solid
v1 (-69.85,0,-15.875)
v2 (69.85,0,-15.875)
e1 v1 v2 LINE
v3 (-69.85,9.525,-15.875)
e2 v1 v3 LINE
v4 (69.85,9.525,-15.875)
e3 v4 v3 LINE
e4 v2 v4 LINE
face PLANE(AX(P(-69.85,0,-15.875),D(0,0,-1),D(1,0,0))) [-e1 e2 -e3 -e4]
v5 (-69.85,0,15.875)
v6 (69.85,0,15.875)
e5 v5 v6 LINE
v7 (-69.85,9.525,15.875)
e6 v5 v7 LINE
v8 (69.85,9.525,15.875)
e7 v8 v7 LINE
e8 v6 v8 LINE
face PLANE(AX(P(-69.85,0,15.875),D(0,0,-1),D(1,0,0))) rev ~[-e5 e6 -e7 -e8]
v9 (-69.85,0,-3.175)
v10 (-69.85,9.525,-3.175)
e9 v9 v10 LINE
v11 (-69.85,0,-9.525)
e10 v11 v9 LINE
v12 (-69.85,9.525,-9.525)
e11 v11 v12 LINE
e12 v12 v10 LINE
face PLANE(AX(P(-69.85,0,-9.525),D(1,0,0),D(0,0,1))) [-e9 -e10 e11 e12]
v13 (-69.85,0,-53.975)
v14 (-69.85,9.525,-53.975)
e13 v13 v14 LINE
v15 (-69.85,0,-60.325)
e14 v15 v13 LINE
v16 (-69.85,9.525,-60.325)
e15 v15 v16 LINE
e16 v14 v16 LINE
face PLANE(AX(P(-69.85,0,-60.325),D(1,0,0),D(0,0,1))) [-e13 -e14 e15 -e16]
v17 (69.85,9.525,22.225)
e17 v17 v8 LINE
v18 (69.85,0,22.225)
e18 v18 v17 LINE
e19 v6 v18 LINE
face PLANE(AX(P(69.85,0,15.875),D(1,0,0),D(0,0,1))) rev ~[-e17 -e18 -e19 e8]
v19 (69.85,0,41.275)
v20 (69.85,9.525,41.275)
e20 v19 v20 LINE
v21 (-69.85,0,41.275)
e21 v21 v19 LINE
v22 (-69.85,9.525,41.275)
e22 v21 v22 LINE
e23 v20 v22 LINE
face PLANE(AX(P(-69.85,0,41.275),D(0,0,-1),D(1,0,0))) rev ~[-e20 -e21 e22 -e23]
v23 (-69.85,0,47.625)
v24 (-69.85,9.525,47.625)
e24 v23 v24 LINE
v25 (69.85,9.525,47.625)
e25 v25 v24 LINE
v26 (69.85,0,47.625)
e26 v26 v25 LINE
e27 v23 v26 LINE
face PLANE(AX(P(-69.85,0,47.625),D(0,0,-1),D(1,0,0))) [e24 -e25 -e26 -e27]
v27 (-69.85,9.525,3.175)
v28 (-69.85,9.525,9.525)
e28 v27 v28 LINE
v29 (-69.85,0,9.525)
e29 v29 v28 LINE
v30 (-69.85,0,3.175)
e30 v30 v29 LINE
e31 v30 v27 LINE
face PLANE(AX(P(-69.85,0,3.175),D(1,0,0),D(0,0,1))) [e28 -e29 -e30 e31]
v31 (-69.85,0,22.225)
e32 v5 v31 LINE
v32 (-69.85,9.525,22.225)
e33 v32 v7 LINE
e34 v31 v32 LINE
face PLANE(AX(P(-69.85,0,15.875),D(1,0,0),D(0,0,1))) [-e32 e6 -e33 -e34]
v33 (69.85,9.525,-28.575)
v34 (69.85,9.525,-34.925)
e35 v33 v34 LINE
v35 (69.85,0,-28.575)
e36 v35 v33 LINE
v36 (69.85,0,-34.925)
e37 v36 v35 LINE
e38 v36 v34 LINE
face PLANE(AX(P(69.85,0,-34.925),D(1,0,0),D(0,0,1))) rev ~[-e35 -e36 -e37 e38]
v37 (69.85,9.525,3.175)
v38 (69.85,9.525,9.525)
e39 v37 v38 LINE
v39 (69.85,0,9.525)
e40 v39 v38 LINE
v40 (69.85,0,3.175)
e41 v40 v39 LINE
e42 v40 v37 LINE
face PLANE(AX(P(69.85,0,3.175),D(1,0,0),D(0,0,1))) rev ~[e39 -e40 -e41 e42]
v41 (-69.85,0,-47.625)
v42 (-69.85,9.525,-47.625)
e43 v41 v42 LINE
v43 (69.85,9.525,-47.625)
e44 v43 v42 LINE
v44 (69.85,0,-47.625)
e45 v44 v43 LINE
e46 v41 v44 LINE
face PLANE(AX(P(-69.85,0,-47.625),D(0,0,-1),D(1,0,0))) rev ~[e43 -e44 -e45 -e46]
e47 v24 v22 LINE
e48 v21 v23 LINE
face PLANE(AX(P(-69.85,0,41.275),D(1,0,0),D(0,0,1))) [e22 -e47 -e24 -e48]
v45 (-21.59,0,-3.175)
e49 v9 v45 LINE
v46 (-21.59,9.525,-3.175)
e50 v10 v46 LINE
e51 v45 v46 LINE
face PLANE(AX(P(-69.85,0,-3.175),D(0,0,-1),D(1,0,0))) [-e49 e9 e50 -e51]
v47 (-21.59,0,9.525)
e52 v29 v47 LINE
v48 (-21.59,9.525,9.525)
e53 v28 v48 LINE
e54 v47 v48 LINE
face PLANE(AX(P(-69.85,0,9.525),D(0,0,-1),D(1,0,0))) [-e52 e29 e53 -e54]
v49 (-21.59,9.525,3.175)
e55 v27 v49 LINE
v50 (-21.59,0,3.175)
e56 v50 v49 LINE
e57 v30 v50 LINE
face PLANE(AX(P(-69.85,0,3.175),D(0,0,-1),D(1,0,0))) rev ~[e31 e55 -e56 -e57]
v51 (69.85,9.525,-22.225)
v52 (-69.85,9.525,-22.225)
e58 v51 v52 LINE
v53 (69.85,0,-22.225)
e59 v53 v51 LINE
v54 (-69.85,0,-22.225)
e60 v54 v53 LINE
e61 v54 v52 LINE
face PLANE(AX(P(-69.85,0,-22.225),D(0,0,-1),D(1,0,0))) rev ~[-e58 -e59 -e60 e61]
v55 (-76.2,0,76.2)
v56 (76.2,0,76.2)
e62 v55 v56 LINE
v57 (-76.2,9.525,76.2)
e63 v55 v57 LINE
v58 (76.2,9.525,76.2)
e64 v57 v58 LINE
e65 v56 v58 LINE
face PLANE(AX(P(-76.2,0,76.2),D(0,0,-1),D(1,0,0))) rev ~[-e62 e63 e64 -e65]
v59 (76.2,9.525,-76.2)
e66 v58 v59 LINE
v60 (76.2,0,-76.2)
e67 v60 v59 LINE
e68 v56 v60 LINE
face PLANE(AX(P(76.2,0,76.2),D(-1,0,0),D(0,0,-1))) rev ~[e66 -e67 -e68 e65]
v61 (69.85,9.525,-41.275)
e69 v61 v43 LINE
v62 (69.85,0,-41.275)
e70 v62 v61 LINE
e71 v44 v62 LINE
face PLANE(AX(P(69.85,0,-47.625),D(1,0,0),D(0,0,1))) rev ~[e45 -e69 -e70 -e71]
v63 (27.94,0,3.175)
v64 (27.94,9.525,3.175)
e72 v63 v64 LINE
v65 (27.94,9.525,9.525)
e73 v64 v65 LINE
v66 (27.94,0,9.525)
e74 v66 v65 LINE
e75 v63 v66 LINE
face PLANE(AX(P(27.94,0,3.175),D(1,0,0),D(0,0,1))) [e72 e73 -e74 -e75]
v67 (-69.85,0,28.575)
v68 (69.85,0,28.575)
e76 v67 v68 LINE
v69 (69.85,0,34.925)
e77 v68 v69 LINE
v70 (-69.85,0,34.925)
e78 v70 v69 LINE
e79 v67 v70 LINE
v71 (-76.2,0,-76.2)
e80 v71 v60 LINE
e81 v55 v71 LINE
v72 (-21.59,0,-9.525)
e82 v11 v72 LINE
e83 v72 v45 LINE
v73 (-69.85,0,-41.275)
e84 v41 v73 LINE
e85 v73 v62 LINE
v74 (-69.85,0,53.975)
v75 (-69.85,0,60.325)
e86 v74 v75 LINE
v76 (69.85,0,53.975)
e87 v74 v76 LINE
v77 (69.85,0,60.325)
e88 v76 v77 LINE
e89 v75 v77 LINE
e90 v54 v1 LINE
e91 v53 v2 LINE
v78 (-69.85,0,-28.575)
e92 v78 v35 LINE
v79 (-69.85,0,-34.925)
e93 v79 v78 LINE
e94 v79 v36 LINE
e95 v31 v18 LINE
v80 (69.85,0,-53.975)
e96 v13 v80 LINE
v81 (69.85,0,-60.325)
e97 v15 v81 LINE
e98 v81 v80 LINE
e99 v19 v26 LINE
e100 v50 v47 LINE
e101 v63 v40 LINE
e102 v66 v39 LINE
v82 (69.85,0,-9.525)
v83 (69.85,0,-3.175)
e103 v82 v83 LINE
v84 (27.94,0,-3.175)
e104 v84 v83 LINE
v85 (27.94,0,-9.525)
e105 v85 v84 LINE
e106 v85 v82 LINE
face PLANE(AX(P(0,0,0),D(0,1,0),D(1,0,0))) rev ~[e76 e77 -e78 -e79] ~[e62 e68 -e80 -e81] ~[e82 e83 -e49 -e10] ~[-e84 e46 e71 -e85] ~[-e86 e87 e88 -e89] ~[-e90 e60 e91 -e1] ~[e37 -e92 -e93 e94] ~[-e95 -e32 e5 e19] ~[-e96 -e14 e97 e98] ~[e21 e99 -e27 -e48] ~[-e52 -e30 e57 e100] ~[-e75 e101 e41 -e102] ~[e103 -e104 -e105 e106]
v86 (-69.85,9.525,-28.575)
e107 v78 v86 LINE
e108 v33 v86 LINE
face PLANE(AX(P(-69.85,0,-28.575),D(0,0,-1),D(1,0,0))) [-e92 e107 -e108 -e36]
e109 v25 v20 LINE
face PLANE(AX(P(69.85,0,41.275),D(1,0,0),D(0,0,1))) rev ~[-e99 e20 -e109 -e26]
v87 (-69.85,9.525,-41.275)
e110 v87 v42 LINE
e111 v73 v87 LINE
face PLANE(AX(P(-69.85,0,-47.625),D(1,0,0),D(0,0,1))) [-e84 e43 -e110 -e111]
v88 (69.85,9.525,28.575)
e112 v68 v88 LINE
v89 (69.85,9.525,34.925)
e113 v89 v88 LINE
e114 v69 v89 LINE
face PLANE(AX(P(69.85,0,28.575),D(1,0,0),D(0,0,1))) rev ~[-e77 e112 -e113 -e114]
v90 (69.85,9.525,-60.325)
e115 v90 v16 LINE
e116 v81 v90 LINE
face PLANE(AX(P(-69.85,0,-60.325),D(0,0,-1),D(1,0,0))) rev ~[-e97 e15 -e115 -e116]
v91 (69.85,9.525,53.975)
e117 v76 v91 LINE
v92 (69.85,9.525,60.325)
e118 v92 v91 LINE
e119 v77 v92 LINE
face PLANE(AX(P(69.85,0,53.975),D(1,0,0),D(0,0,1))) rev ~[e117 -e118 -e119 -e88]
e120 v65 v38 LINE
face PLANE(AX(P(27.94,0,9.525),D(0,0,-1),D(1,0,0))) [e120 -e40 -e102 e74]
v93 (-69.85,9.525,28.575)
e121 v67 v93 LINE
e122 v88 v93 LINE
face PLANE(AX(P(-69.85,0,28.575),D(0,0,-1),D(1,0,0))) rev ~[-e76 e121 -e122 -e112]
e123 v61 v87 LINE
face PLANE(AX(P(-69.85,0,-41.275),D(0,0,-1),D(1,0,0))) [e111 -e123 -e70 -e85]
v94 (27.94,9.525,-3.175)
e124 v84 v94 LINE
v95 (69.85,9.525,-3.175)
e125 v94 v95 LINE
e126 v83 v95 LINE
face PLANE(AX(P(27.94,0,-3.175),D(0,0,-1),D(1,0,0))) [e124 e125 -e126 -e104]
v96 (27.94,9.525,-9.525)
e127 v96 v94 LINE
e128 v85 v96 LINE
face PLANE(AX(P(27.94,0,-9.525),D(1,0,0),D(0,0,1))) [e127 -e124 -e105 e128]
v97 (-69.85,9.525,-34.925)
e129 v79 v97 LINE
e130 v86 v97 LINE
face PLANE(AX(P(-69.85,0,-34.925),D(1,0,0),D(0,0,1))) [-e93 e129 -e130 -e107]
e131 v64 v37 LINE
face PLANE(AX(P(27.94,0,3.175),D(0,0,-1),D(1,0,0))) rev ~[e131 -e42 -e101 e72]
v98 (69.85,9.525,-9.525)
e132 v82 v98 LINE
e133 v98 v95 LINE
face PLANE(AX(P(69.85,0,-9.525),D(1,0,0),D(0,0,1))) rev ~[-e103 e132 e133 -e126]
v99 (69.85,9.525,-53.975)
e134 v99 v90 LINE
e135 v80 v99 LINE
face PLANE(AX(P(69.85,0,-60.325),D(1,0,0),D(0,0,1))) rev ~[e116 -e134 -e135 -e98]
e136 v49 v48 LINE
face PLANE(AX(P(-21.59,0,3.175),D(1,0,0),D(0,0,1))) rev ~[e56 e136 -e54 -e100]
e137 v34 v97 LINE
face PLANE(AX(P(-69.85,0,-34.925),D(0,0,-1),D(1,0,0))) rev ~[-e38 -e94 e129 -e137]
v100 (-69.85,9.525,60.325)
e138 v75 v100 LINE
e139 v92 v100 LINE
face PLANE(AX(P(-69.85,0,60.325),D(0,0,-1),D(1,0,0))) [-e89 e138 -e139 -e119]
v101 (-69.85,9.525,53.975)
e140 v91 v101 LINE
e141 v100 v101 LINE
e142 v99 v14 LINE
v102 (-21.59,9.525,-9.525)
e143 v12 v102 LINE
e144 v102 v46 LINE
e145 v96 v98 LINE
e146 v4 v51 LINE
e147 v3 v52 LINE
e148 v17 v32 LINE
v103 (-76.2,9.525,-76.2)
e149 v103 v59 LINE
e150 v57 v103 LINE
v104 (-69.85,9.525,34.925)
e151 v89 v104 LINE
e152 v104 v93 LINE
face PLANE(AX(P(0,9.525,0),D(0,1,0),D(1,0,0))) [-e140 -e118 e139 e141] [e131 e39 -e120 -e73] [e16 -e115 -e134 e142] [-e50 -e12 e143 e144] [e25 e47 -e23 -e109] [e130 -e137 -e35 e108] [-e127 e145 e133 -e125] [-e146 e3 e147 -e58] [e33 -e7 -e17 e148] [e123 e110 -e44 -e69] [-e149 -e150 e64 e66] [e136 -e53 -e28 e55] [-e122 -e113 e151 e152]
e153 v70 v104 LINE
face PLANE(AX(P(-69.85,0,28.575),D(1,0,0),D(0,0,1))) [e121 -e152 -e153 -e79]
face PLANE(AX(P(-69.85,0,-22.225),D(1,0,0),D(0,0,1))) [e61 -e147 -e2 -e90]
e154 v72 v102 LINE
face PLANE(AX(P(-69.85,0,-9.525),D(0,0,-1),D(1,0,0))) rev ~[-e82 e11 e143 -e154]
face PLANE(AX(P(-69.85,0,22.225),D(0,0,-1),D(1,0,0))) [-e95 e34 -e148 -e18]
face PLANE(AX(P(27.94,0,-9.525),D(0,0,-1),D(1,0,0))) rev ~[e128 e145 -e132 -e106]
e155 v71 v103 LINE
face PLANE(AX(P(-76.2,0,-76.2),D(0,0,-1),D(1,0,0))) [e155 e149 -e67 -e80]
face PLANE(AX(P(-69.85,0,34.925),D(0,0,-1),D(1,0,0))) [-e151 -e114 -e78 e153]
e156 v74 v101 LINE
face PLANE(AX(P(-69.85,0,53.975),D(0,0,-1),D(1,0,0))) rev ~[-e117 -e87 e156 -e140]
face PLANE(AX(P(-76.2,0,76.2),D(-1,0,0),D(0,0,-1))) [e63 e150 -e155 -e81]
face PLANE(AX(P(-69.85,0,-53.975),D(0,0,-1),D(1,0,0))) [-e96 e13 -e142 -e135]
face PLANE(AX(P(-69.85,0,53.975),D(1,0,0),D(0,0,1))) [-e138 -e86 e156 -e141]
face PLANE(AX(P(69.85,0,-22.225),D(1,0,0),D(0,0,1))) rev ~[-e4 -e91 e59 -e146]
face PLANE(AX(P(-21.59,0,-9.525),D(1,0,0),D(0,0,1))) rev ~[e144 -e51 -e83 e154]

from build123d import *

# Parameters (mm, degrees)
SKETCH1_W           = 152.4
SKETCH1_H           = 152.4
BOSS_EXTRUDE1_DEPTH = 9.525
SKETCH2_W           = 139.7
SKETCH2_H           = 6.35
CUT_EXTRUDE1_DEPTH  = 10.525
LPATTERN1_COUNT     = 10
LPATTERN1_PITCH     = 12.7
SKETCH3_W           = 48.26
SKETCH3_H           = 6.35
SKETCH3_W_2         = 41.91
CUT_EXTRUDE2_DEPTH  = 9.525
LPATTERN2_COUNT     = 2
LPATTERN2_PITCH     = 12.7


with BuildPart() as part:
    # Sketch1 → Boss-Extrude1 (new body)
    with BuildSketch(Plane(origin=(0, 0, 0), x_dir=(1, 0, 0), z_dir=(0, 1, 0))):
        Rectangle(SKETCH1_W, SKETCH1_H)
    extrude(amount=BOSS_EXTRUDE1_DEPTH)

    # Sketch2 → Cut-Extrude1 (cut, through all)
    with BuildSketch(Plane.XZ):
        with Locations((0, 57.15)):
            Rectangle(SKETCH2_W, SKETCH2_H)
    cut_extrude1 = extrude(amount=-CUT_EXTRUDE1_DEPTH, mode=Mode.SUBTRACT)

    # LPattern1: Cut-Extrude1 ×10, 2 skipped
    with Locations(*[(0, 0, -i * LPATTERN1_PITCH) for i in range(1, LPATTERN1_COUNT) if i not in (4, 5)]):
        add(cut_extrude1, mode=Mode.SUBTRACT)

    # Sketch3 → Cut-Extrude2 (cut)
    with BuildSketch(Plane.XZ):
        with Locations((-45.72, 6.35)):
            Rectangle(SKETCH3_W, SKETCH3_H)
        with Locations((48.895, 6.35)):
            Rectangle(SKETCH3_W_2, SKETCH3_H)
    cut_extrude2 = extrude(amount=-CUT_EXTRUDE2_DEPTH, mode=Mode.SUBTRACT)

    # LPattern2: Cut-Extrude2 ×2
    with Locations(*[(0, 0, -i * LPATTERN2_PITCH) for i in range(1, LPATTERN2_COUNT)]):
        add(cut_extrude2, mode=Mode.SUBTRACT)


solid = part.part
